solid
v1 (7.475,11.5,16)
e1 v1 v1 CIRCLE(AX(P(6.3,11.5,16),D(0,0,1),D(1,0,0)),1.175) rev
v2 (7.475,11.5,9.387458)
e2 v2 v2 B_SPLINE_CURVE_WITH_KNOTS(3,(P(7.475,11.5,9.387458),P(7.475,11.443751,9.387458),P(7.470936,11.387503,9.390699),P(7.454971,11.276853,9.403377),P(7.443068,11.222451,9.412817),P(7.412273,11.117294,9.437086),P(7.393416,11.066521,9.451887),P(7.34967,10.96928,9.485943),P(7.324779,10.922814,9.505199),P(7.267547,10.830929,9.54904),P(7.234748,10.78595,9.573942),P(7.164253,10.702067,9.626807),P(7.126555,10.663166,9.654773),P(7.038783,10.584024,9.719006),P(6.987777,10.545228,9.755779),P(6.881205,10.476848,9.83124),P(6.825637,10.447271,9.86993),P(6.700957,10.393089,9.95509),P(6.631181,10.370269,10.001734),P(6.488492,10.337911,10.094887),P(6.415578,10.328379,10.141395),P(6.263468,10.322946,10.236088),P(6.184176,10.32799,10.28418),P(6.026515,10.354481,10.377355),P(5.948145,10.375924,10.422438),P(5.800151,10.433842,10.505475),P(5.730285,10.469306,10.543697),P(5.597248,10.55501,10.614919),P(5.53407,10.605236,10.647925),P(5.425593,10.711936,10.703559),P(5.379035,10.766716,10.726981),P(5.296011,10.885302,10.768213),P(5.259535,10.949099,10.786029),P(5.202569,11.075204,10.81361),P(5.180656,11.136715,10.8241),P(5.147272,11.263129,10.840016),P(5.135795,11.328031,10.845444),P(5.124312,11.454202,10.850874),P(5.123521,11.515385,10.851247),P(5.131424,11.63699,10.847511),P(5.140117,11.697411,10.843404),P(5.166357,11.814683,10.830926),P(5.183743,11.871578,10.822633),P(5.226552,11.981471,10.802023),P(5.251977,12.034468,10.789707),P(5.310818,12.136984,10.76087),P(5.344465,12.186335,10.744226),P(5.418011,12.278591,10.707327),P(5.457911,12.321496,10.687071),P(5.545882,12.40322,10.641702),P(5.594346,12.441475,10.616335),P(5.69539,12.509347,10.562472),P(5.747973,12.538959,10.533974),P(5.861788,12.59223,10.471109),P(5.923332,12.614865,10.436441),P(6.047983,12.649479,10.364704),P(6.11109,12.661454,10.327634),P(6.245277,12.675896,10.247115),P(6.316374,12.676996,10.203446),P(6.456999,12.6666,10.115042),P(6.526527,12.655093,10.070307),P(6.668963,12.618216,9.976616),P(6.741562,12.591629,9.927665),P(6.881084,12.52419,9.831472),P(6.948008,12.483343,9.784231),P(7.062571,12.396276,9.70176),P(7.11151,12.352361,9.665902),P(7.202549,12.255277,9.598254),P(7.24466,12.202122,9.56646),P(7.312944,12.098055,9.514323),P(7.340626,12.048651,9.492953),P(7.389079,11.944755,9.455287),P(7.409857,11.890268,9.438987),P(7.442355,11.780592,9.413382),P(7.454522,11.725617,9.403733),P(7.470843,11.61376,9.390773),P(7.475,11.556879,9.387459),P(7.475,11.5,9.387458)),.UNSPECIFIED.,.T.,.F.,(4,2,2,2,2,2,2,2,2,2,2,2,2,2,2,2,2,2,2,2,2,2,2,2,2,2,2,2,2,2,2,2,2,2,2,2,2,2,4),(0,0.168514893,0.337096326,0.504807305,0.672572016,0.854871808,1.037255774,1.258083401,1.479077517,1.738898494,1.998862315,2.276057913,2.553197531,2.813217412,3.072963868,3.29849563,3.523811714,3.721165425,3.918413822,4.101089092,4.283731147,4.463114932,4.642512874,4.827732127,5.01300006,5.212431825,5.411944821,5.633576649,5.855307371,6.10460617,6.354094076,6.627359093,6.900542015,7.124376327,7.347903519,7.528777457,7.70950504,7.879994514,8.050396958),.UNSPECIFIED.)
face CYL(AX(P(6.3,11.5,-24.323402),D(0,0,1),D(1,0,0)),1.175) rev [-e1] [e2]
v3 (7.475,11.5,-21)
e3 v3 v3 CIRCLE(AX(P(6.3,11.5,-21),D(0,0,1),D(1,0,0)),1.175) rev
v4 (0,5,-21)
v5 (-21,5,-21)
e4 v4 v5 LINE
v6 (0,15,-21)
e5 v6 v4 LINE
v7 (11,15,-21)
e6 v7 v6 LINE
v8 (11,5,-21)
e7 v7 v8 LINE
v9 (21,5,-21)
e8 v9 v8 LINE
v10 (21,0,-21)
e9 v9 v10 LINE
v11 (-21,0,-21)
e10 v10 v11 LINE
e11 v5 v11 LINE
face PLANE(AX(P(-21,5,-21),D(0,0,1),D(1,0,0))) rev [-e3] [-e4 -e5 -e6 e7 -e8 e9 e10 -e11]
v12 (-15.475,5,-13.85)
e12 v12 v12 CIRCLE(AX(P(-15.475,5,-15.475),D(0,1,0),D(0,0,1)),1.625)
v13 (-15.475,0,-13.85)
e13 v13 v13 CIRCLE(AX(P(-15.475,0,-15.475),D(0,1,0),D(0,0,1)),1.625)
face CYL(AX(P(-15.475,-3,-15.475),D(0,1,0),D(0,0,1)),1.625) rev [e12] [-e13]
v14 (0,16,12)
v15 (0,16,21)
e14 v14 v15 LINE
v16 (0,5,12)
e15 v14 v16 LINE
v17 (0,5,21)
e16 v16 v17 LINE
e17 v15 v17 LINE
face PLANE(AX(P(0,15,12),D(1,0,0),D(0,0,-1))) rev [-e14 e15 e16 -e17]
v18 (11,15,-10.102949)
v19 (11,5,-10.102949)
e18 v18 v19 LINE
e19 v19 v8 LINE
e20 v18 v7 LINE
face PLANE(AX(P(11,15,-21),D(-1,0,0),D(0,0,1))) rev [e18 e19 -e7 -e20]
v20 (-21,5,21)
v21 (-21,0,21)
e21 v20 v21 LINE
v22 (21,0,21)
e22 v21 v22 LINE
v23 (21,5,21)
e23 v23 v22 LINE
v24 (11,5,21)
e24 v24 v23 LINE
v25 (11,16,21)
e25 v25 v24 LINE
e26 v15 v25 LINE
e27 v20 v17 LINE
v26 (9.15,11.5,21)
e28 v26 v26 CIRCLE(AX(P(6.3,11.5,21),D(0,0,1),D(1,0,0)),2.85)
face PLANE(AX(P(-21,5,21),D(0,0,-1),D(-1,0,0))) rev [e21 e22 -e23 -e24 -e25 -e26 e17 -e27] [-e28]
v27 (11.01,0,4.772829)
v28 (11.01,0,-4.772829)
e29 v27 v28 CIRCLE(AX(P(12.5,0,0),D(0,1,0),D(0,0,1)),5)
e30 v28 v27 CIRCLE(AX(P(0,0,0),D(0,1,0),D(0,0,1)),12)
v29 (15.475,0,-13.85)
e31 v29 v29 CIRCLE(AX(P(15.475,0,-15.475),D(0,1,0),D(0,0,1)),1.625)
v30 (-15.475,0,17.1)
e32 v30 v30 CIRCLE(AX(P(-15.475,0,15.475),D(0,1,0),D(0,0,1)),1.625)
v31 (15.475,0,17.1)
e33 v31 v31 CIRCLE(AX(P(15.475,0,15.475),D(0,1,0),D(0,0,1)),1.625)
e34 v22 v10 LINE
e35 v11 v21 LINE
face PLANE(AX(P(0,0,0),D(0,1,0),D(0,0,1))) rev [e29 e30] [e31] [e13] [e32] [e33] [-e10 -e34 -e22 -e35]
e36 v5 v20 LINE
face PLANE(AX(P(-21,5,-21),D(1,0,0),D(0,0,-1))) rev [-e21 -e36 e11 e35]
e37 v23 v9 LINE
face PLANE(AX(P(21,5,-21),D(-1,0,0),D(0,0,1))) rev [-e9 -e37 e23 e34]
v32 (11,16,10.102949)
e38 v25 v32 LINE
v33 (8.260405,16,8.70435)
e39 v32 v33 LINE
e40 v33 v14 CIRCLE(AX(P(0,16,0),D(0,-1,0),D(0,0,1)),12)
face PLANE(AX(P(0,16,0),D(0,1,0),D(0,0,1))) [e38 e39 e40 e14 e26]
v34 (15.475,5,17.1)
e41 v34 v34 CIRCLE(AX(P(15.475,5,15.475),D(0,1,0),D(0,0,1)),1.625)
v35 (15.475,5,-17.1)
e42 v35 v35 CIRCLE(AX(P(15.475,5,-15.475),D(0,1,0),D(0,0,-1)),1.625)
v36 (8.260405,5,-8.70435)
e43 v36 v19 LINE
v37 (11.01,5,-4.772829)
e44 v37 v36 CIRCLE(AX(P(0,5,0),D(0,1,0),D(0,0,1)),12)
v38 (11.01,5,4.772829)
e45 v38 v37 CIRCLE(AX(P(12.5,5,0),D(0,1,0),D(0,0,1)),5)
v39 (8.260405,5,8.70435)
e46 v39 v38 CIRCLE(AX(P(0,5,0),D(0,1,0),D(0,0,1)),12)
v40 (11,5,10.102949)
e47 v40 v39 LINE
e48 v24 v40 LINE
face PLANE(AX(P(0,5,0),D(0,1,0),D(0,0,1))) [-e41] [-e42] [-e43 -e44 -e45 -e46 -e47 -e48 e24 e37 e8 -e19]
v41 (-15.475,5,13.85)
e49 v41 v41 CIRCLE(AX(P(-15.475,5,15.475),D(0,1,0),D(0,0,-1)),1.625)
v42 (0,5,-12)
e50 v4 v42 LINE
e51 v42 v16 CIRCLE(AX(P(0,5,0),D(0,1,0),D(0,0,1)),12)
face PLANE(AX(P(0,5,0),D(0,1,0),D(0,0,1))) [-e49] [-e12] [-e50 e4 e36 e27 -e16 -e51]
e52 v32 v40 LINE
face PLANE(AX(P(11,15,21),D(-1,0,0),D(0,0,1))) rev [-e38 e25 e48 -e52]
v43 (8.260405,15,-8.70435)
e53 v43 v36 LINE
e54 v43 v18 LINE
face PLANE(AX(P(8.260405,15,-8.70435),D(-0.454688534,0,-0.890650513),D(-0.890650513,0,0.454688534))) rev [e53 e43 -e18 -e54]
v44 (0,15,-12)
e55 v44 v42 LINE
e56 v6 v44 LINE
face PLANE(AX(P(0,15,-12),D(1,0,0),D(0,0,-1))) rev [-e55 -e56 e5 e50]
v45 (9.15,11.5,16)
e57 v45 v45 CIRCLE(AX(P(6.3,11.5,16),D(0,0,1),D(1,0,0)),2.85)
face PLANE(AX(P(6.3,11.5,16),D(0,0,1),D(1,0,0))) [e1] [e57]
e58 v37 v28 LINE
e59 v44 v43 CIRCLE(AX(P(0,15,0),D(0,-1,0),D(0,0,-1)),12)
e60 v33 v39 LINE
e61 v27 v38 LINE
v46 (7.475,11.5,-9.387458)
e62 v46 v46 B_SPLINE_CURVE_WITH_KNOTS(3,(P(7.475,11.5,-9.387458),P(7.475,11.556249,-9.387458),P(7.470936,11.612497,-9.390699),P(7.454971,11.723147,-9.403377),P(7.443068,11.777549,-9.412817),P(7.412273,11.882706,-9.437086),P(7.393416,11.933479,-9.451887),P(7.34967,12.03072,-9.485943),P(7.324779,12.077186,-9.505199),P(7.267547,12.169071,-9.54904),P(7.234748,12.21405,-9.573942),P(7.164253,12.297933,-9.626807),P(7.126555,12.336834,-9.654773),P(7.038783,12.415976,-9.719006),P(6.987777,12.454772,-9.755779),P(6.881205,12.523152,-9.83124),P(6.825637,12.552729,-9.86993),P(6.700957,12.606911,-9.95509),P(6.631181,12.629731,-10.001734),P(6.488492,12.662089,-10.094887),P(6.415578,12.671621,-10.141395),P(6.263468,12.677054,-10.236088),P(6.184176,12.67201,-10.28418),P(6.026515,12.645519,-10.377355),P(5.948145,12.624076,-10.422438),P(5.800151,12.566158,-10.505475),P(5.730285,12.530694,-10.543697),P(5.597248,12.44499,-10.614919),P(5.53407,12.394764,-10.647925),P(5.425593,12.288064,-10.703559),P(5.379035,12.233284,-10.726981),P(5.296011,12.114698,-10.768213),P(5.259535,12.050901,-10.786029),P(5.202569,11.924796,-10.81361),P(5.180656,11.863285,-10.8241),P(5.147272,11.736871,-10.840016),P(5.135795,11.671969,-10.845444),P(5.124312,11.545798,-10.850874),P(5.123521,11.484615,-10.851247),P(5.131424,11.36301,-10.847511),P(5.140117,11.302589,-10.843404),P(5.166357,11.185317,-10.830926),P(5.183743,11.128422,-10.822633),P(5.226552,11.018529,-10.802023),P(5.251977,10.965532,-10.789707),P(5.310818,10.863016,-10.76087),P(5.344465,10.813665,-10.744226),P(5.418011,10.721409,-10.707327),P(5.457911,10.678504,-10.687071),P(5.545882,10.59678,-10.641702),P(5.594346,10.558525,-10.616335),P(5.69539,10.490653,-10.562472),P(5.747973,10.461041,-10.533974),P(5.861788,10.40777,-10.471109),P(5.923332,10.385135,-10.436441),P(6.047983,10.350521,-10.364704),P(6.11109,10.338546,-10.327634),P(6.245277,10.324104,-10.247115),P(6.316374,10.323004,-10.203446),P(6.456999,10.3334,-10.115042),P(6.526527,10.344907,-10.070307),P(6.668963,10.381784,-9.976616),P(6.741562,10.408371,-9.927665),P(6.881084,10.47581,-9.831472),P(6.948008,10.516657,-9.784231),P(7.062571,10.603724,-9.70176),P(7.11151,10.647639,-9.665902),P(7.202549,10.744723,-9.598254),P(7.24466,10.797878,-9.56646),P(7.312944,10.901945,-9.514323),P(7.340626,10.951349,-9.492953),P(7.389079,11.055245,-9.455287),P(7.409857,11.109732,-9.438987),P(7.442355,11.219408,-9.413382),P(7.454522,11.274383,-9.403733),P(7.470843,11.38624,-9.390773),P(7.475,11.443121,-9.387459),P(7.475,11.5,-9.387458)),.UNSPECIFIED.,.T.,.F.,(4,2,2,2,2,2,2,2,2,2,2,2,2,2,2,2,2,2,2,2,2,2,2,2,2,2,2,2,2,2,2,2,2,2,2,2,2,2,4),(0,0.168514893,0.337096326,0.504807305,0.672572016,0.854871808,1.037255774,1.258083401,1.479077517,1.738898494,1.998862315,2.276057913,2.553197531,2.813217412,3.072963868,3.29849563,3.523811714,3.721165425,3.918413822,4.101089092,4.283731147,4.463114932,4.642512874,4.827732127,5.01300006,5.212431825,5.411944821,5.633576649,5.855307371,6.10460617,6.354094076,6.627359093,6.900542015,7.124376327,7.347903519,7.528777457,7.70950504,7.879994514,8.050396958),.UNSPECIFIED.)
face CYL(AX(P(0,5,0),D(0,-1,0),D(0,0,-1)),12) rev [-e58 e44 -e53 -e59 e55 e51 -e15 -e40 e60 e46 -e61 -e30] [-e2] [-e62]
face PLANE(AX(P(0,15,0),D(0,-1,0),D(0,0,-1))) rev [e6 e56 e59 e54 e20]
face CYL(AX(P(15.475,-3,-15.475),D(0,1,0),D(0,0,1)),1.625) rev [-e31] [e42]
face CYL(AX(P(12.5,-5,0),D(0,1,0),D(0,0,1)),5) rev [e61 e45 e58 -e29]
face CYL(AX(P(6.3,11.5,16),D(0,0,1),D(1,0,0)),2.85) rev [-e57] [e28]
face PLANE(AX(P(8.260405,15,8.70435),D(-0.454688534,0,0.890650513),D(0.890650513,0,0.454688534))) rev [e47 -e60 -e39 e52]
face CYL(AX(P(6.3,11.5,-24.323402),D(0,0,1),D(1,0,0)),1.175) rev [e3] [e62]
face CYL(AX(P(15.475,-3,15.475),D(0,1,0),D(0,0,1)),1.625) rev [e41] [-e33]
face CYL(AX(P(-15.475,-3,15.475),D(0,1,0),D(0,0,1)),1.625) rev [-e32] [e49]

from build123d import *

# Parameters (mm, degrees)
SKETCH1_W           = 42
SKETCH1_H           = 42
SKETCH1_R           = 12
BOSS_EXTRUDE1_DEPTH = 5
SKETCH2_R           = 1.625
CUT_EXTRUDE1_DEPTH  = 8
BOSS_EXTRUDE2_DEPTH = 10
SKETCH4_R           = 1.175
CUT_EXTRUDE2_DEPTH  = 42
SKETCH5_R           = 5
CUT_EXTRUDE3_DEPTH  = 10
SKETCH6_R           = 2.85
CUT_EXTRUDE4_DEPTH  = 5
BOSS_EXTRUDE3_DEPTH = 1


with BuildPart() as part:
    # Sketch1 → Boss-Extrude1 (new body)
    with BuildSketch(Plane(origin=(0, 0, 0), x_dir=(1, 0, 0), z_dir=(0, 1, 0))):
        Rectangle(SKETCH1_W, SKETCH1_H)
        Circle(SKETCH1_R, mode=Mode.SUBTRACT)
    extrude(amount=BOSS_EXTRUDE1_DEPTH)

    # Sketch2 → Cut-Extrude1 (cut)
    with BuildSketch(Plane(origin=(0, 5, 0), x_dir=(1, 0, 0), z_dir=(0, 1, 0))):
        with Locations((-15.475, 15.475)):
            Circle(SKETCH2_R)
        with Locations((15.475, 15.475)):
            Circle(SKETCH2_R)
        with Locations((15.475, -15.475)):
            Circle(SKETCH2_R)
        with Locations((-15.475, -15.475)):
            Circle(SKETCH2_R)
    extrude(amount=-CUT_EXTRUDE1_DEPTH, mode=Mode.SUBTRACT)

    # Sketch3 → Boss-Extrude2 (add)
    with BuildSketch(Plane(origin=(0, 5, 0), x_dir=(1, 0, 0), z_dir=(0, 1, 0))):
        with BuildLine():
            Line((0, 12), (0, 21))
            Line((0, 21), (11, 21))
            Line((11, 21), (11, 10.102949137))
            Line((11, 10.102949137), (8.260404548, 8.704350447))
            ThreePointArc((8.260404548, 8.704350447), (4.446785054, 11.145676412), (0, 12))
        make_face()
        with BuildLine():
            Line((0, -21), (11, -21))
            Line((11, -21), (11, -10.102949137))
            Line((11, -10.102949137), (8.260404548, -8.704350447))
            ThreePointArc((8.260404548, -8.704350447), (4.446785054, -11.145676412), (0, -12))
            Line((0, -12), (0, -21))
        make_face()
    extrude(amount=BOSS_EXTRUDE2_DEPTH)

    # Sketch4 → Cut-Extrude2 (cut)
    with BuildSketch(Plane.XY.offset(21)):
        with Locations((6.3, 11.5)):
            Circle(SKETCH4_R)
    extrude(amount=-CUT_EXTRUDE2_DEPTH, mode=Mode.SUBTRACT)

    # Sketch5 → Cut-Extrude3 (cut)
    with BuildSketch(Plane(origin=(0, 5, 0), x_dir=(1, 0, 0), z_dir=(0, 1, 0))):
        with Locations((12.5, 0)):
            Circle(SKETCH5_R)
    extrude(amount=-CUT_EXTRUDE3_DEPTH, mode=Mode.SUBTRACT)

    # Sketch6 → Cut-Extrude4 (cut)
    with BuildSketch(Plane.XY.offset(21)):
        with Locations((6.3, 11.5)):
            Circle(SKETCH6_R)
    extrude(amount=-CUT_EXTRUDE4_DEPTH, mode=Mode.SUBTRACT)

    # Sketch7 → Boss-Extrude3 (add)
    with BuildSketch(Plane(origin=(0, 15, 0), x_dir=(1, 0, 0), z_dir=(0, 1, 0))):
        with BuildLine():
            Line((0, -21), (11, -21))
            Line((11, -21), (11, -10.102949137))
            Line((11, -10.102949137), (8.260404548, -8.704350447))
            ThreePointArc((8.260404548, -8.704350447), (4.446785054, -11.145676412), (0, -12))
            Line((0, -12), (0, -21))
        make_face()
    extrude(amount=BOSS_EXTRUDE3_DEPTH)


solid = part.part
